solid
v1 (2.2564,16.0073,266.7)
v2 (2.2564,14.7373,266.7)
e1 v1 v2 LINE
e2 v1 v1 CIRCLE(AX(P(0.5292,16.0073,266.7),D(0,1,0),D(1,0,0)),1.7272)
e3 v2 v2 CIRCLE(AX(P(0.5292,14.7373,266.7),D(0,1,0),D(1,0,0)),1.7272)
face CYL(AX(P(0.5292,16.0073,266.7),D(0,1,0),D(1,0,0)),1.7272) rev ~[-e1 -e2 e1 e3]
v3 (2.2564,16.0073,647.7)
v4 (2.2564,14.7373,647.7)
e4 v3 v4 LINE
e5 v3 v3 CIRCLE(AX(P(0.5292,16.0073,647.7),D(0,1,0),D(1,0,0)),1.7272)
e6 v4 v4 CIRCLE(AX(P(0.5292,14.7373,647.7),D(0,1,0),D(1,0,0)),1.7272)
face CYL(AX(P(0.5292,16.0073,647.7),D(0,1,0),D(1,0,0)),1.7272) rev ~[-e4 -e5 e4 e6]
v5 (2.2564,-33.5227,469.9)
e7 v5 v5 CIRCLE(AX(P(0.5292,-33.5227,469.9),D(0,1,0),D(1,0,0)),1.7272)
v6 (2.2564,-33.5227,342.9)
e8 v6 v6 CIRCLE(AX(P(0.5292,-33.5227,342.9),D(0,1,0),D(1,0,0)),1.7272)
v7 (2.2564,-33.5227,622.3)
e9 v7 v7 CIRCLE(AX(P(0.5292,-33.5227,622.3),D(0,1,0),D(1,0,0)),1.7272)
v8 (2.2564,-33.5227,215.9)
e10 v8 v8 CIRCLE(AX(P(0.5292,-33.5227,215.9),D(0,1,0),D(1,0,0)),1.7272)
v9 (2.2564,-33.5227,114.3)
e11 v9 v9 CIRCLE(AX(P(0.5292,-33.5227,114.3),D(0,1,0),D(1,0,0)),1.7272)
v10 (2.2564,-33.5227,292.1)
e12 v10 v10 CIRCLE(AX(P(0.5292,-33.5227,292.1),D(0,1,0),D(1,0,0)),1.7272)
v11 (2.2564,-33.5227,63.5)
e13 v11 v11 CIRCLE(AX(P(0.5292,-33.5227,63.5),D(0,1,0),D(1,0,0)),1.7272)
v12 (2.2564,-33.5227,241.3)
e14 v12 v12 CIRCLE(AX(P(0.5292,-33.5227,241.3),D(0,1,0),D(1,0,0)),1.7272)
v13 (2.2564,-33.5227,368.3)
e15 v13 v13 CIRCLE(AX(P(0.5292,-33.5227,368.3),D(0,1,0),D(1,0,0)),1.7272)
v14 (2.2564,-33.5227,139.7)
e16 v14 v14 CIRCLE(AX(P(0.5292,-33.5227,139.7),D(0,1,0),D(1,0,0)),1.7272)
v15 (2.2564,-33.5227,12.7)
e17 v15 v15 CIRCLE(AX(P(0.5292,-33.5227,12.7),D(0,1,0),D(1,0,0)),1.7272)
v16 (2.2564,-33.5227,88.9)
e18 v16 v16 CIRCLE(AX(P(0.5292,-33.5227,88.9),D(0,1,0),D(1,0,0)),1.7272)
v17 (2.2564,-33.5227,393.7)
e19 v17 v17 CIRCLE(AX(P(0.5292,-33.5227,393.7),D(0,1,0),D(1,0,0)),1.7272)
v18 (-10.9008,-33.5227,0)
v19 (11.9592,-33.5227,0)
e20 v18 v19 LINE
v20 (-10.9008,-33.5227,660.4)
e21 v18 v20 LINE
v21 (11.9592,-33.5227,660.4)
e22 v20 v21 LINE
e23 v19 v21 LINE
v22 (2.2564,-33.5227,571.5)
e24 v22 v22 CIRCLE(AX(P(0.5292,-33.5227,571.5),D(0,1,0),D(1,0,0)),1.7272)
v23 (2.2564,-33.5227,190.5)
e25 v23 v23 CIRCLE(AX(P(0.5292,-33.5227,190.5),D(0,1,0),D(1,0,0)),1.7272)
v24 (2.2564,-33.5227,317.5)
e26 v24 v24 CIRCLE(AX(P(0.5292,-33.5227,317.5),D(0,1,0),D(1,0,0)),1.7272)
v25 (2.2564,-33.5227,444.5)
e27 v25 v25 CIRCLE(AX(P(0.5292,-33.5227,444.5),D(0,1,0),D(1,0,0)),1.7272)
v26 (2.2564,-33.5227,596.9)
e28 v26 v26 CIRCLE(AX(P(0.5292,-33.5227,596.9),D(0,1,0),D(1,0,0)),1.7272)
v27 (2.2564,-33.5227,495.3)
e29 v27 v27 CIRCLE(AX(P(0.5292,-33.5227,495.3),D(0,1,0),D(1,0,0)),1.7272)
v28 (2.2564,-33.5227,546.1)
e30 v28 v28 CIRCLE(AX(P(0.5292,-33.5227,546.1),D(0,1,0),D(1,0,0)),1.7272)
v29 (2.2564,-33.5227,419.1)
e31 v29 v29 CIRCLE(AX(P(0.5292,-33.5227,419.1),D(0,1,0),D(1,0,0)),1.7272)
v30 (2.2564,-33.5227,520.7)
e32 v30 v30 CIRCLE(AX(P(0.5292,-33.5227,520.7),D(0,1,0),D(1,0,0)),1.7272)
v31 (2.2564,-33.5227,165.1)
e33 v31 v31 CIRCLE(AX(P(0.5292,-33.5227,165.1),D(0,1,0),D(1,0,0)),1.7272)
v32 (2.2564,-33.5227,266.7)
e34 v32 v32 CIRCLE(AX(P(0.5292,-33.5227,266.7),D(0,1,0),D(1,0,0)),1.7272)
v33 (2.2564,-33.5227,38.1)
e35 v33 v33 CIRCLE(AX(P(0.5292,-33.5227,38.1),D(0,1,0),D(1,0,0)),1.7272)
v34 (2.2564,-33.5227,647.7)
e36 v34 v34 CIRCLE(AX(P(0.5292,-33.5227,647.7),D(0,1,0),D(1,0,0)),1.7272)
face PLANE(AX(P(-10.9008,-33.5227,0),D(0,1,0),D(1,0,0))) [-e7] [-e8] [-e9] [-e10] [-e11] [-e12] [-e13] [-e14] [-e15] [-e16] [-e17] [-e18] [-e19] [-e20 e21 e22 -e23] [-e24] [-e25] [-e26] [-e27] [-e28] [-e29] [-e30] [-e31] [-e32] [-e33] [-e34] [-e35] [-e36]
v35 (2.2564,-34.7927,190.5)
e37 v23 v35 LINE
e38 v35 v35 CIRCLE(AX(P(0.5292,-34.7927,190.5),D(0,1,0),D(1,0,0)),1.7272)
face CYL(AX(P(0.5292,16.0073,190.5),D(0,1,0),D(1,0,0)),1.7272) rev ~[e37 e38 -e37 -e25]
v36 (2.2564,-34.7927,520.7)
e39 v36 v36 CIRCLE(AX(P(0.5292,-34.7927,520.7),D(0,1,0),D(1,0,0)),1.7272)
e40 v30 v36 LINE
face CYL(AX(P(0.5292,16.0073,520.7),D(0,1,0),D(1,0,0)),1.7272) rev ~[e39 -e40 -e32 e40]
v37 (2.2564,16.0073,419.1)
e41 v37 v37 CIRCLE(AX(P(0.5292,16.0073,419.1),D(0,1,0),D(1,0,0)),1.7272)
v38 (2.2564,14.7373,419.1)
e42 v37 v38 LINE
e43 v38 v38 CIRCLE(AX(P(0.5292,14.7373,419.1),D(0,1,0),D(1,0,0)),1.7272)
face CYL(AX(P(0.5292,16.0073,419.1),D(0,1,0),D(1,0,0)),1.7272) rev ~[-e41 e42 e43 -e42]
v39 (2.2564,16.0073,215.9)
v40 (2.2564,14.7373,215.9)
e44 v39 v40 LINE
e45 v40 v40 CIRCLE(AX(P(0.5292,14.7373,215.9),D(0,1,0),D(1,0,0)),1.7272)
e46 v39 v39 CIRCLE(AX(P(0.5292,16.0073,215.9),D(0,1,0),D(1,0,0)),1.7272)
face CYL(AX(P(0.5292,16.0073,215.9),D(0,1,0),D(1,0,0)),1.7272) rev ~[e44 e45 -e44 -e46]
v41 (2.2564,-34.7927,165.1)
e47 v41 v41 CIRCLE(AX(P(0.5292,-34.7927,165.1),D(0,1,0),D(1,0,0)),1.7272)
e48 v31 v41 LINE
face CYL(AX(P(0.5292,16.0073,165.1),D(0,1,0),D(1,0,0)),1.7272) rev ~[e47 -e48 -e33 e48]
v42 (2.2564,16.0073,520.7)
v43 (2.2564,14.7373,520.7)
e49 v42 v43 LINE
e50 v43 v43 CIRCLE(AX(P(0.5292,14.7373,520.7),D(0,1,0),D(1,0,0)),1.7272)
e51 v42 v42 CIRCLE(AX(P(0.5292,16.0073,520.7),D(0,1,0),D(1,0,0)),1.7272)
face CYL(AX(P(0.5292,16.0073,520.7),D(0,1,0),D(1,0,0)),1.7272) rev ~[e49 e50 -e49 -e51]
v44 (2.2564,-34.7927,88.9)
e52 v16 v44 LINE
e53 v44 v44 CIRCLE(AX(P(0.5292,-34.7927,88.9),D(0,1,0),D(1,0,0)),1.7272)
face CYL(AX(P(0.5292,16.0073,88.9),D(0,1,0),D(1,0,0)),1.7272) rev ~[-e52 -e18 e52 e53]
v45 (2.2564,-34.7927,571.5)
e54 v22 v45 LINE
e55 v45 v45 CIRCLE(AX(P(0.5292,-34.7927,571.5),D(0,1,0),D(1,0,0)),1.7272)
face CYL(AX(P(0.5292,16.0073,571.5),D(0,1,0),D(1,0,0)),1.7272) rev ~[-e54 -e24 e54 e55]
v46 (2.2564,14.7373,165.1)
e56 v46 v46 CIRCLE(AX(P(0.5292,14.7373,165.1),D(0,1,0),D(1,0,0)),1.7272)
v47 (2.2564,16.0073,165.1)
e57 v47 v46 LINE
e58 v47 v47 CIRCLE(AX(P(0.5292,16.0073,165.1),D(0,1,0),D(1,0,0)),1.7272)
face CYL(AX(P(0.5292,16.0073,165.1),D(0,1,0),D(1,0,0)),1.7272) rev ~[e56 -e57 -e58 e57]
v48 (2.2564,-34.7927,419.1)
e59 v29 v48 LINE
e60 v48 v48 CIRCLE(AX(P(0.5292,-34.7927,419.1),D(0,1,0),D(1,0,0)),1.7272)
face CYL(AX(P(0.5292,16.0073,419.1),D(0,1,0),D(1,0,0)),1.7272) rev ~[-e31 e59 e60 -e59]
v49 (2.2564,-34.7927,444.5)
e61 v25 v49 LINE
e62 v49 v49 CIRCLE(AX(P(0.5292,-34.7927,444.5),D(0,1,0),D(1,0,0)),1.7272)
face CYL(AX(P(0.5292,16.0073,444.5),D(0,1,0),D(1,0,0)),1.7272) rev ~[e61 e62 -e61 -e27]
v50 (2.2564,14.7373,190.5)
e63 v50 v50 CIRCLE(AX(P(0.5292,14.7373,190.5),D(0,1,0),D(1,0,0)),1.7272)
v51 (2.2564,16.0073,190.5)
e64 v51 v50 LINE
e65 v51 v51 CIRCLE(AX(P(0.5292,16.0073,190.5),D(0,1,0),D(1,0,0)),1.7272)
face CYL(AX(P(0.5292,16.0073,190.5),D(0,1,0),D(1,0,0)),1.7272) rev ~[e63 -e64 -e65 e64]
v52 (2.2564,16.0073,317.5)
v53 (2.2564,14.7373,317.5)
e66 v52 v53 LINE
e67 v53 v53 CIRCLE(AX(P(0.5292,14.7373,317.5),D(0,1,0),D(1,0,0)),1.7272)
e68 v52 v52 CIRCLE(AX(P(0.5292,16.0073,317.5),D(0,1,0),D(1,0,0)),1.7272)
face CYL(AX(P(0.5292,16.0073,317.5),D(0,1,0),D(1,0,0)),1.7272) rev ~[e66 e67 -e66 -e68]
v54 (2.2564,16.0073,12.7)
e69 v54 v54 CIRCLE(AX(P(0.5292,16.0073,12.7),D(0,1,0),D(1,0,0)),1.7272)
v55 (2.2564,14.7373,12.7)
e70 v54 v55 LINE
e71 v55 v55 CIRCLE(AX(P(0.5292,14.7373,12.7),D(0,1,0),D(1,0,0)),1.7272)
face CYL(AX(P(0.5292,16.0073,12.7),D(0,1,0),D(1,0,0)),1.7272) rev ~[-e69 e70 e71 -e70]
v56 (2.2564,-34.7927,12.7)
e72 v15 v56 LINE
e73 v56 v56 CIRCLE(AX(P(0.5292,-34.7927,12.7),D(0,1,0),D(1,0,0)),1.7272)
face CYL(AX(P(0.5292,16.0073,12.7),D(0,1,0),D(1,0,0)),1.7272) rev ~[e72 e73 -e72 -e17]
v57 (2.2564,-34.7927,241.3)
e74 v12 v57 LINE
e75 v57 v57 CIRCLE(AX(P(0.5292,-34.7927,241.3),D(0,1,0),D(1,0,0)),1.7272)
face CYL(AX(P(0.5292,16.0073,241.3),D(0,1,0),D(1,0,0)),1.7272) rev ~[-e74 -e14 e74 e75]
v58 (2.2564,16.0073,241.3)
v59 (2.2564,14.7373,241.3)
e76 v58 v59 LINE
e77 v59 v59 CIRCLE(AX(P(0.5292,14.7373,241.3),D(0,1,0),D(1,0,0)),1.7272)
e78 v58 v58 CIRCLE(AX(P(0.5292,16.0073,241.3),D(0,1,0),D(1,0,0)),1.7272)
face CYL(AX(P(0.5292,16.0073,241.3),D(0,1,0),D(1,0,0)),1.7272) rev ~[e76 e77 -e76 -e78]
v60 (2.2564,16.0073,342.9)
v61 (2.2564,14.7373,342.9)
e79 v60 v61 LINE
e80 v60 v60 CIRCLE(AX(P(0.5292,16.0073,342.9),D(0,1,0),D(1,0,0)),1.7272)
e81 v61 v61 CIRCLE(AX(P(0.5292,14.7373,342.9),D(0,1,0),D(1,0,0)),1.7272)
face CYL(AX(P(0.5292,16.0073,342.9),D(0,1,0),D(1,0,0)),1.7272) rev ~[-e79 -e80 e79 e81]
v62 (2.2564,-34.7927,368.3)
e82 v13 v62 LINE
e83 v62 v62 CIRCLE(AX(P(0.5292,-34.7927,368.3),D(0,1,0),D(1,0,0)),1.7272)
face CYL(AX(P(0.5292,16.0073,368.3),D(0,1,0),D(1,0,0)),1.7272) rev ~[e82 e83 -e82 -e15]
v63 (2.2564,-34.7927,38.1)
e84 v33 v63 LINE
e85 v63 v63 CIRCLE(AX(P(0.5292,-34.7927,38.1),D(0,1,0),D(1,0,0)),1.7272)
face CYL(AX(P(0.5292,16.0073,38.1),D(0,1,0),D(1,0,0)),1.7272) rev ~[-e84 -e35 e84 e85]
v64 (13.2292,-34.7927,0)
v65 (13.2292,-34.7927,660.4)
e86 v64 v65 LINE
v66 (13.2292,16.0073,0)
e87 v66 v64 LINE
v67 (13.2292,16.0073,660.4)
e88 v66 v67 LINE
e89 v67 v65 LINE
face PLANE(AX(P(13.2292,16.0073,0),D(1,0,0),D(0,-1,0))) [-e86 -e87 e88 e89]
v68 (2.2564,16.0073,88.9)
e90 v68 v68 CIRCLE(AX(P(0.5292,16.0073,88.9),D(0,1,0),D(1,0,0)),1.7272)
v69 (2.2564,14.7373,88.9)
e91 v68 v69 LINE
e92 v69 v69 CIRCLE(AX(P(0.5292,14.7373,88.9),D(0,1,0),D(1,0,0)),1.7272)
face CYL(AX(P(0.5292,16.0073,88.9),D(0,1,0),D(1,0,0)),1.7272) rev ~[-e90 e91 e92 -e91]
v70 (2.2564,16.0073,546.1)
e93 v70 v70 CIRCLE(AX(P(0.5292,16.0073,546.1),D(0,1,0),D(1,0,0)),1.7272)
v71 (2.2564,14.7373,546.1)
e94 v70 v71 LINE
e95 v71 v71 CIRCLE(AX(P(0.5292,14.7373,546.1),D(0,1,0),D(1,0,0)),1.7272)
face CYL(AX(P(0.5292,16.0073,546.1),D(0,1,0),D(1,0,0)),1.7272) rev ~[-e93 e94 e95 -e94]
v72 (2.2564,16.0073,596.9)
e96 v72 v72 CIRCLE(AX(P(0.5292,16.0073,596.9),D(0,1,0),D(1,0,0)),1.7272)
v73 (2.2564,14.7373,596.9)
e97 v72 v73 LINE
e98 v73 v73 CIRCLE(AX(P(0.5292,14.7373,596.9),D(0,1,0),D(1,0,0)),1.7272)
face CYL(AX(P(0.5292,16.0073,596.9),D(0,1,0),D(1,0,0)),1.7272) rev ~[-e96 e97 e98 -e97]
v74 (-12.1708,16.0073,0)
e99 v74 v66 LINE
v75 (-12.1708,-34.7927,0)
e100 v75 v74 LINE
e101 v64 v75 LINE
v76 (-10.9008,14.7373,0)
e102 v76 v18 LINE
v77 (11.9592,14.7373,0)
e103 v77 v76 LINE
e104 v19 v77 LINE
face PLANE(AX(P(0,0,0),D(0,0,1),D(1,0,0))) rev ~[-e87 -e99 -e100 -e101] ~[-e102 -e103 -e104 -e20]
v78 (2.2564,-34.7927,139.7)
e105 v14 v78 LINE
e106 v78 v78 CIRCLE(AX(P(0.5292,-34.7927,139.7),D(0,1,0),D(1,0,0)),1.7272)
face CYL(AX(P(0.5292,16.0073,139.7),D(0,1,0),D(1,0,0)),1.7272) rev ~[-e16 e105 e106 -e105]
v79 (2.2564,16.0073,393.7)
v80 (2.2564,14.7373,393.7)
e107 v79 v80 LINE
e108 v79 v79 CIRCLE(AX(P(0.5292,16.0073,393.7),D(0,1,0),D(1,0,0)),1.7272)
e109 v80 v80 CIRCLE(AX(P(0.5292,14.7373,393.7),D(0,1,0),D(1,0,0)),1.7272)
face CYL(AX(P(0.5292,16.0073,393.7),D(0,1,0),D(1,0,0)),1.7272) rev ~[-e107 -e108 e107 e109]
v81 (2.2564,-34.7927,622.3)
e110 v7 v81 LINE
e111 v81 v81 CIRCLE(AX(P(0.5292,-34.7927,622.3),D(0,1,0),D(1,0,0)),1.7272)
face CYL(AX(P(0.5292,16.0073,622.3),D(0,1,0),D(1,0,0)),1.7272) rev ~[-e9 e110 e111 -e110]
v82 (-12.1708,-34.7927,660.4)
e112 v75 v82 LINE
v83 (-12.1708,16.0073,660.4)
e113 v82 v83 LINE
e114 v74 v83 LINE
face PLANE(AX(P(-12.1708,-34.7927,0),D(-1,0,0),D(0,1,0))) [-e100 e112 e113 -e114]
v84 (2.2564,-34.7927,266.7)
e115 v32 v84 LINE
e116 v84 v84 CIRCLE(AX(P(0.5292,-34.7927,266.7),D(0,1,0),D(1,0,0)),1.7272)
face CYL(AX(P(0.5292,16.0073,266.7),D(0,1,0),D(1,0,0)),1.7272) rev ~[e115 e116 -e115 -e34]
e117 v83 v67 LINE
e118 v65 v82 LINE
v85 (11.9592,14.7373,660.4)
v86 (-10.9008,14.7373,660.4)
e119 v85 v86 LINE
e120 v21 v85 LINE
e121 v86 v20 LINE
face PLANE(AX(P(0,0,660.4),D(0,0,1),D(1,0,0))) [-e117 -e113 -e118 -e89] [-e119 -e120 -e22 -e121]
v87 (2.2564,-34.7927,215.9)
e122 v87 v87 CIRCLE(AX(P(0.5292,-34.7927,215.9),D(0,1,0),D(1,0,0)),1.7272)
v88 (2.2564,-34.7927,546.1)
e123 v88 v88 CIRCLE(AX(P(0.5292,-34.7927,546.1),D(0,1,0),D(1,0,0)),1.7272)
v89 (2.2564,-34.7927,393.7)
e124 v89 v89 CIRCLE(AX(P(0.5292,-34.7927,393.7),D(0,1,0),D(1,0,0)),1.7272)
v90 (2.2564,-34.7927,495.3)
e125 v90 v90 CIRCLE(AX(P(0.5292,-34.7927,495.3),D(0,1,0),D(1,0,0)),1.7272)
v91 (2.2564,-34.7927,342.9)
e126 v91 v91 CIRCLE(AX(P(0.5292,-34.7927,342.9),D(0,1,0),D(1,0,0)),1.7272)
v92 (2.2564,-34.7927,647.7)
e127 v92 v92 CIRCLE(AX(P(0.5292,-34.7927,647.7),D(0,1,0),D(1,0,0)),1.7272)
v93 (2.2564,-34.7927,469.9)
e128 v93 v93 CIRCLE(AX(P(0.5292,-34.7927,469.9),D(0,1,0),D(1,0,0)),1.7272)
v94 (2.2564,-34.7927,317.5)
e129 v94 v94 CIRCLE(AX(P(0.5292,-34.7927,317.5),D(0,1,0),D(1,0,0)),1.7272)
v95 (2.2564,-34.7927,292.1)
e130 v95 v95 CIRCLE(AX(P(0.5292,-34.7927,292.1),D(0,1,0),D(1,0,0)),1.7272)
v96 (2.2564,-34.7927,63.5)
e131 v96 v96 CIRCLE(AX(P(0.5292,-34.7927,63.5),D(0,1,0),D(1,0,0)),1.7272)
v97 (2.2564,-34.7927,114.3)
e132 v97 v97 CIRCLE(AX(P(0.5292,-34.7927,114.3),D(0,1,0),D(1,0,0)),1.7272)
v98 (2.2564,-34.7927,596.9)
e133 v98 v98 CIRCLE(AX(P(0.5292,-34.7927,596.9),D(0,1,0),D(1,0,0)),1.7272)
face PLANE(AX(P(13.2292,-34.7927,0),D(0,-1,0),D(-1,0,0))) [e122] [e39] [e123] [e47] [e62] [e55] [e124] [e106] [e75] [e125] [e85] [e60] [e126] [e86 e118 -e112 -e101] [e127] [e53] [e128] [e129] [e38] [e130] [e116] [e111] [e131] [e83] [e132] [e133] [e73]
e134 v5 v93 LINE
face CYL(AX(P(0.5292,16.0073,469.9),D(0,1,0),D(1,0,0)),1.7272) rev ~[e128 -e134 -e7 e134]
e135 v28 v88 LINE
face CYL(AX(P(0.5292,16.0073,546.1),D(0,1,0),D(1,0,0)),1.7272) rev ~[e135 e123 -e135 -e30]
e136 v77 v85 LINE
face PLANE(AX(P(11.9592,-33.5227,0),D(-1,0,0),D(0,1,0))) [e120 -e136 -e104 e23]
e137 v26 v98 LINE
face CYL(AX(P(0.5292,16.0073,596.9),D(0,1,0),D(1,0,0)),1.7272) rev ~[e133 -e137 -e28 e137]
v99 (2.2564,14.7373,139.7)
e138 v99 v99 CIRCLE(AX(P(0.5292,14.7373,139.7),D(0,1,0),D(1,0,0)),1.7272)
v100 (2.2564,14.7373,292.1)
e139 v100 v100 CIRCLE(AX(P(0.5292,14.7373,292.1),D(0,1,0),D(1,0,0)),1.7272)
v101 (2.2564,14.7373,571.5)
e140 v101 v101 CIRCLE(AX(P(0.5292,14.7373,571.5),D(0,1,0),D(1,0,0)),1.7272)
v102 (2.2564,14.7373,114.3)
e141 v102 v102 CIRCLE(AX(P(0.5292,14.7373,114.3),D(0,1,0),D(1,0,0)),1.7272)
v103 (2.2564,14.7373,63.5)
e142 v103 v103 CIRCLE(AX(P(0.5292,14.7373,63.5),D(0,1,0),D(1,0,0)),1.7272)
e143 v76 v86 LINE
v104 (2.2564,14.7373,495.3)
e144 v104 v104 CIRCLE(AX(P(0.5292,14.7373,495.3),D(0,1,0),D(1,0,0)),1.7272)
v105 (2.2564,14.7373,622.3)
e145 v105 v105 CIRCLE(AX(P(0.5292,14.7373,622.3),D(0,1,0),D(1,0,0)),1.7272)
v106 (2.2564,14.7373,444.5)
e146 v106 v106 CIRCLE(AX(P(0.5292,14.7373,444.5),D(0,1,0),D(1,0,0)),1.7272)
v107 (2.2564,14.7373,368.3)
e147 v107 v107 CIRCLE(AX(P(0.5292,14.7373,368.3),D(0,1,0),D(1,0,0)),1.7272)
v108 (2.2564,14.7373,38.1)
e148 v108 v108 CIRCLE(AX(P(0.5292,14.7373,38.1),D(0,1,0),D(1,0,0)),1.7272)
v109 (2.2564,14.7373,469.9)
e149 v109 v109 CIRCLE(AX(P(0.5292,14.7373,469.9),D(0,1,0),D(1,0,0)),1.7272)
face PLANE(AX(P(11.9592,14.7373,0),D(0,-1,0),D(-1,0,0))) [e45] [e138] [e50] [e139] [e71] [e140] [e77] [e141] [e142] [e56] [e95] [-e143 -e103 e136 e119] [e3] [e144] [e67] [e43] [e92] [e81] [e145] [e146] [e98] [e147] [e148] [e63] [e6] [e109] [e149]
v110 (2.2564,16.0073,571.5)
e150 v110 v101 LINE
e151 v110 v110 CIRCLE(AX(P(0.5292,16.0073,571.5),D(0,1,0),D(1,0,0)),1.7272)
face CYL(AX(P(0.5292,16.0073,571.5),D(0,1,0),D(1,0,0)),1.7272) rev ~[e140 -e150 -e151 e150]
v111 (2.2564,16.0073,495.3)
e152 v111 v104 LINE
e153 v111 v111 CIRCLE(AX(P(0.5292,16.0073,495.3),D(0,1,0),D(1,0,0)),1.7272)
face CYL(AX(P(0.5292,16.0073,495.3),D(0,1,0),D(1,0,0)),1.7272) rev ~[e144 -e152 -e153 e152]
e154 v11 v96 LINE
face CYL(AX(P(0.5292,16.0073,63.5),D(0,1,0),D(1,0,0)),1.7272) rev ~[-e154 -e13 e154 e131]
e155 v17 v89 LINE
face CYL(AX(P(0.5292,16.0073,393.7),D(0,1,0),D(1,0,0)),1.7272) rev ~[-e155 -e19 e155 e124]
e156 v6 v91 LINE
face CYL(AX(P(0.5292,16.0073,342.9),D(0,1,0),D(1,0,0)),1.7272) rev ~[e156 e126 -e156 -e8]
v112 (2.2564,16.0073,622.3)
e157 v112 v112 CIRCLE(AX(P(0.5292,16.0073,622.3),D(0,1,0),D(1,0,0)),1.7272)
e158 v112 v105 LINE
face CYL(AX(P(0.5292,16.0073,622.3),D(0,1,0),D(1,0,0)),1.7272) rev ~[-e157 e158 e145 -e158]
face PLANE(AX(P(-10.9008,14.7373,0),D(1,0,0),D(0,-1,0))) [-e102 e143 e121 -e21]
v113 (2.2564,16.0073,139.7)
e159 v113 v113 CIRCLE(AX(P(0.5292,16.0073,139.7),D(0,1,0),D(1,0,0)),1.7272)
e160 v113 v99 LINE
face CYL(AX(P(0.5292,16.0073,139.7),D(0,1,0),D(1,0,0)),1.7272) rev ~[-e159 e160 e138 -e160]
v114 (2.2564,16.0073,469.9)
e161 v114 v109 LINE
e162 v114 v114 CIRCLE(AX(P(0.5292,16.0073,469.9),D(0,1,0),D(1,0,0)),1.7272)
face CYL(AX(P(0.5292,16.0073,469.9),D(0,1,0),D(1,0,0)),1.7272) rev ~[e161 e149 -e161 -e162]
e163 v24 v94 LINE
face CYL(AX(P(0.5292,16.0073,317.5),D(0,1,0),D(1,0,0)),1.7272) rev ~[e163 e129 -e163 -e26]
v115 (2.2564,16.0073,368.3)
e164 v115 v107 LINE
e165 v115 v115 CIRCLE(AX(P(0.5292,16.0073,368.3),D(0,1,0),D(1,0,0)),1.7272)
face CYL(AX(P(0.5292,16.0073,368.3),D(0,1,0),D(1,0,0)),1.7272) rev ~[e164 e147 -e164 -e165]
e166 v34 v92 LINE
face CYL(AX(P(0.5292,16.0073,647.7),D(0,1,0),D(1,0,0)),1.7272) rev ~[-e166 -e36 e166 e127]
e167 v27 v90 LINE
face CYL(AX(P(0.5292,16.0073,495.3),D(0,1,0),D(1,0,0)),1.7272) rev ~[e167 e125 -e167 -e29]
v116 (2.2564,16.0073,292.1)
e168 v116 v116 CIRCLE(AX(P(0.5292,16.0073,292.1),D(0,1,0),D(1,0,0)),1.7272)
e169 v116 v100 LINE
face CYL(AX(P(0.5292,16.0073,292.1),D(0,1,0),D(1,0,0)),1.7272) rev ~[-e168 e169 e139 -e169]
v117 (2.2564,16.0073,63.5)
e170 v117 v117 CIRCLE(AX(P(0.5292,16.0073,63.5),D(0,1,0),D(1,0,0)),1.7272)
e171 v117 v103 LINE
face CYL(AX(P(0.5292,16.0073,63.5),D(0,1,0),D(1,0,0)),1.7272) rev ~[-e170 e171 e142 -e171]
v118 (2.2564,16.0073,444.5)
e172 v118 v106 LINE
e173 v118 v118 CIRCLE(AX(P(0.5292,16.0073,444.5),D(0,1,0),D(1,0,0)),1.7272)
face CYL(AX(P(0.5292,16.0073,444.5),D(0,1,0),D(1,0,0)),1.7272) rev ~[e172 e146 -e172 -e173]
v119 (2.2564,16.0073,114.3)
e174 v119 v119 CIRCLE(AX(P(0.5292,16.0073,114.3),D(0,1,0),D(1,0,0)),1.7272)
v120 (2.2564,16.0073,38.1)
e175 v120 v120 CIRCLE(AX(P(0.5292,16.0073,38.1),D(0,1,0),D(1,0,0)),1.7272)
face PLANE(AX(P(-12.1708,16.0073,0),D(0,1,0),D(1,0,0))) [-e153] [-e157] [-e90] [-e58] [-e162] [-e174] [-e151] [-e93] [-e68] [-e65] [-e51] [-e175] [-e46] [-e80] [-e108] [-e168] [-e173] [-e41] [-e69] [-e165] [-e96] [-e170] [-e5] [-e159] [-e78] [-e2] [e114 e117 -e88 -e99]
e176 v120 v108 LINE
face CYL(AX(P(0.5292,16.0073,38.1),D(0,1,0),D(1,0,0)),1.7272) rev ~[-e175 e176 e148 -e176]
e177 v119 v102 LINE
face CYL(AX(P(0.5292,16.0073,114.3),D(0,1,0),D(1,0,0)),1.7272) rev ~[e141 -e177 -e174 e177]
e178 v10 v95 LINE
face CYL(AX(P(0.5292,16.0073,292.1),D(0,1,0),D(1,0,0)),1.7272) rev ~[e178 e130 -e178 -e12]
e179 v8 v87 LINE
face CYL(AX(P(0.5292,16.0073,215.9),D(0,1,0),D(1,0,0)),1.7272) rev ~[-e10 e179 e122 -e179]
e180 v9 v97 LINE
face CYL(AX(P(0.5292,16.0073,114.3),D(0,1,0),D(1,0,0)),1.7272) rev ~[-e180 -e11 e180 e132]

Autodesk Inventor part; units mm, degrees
ref_plane "YZ Plane" through (0, 0, 0) normal (1, 0, 0) x (0, 1, 0)
ref_plane "XZ Plane" through (0, 0, 0) normal (0, 1, 0) x (-1, 0, 0)
ref_plane "XY Plane" through (0, 0, 0) normal (0, 0, 1) x (1, 0, 0)
sketch "Sketch1" plane through (0, 0, 0) normal (0, 0, 1) x (1, 0, 0)
  line L0 (-12.1708, 16.0073) -> (13.2292, 16.0073)
  line L1 (13.2292, 16.0073) -> (13.2292, -34.7927)
  line L2 (13.2292, -34.7927) -> (-12.1708, -34.7927)
  line L3 (-12.1708, -34.7927) -> (-12.1708, 16.0073)
  line L4 (11.9592, 14.7373) -> (-10.9008, 14.7373)
  line L5 (-10.9008, 14.7373) -> (-10.9008, -33.5227)
  line L6 (-10.9008, -33.5227) -> (11.9592, -33.5227)
  line L7 (11.9592, -33.5227) -> (11.9592, 14.7373)
  point P0 (0, 0)
  dimension "d0" = 25.4
  dimension "d1" = 50.8
  dimension "d2" = 1.27
extrude "Extrusion1" add sketch "Sketch1" along normal blind 660.4
sketch "Sketch2" plane through (-12.1708, 16.0073, 0) normal (0, 1, 0) x (1, 0, 0)
  circle A0 centre (12.7, -12.7) radius 1.7272
  line L0 (25.4, 0) -> (0, 0) projected
  line L1 (0, 0) -> (0, -660.4) projected
  point P0 (12.1708, 0)
  dimension "d5" = 3.4544
  dimension "d6" = 12.7
  dimension "d7" = 12.7
extrude "Extrusion2" cut sketch "Sketch2" against normal through all
pattern_linear "Rectangular Pattern1" count 66 spacing 25.4 along (0, 0, 1) of "Extrusion2"
equation "\"d3\" = d13"
equation "\"d10\" = d14"
equation "\"d13\" = 660.4"
equation "\"d14\" = d13"
properties part number "VersaFrame(Towers Top CrossBar)"
